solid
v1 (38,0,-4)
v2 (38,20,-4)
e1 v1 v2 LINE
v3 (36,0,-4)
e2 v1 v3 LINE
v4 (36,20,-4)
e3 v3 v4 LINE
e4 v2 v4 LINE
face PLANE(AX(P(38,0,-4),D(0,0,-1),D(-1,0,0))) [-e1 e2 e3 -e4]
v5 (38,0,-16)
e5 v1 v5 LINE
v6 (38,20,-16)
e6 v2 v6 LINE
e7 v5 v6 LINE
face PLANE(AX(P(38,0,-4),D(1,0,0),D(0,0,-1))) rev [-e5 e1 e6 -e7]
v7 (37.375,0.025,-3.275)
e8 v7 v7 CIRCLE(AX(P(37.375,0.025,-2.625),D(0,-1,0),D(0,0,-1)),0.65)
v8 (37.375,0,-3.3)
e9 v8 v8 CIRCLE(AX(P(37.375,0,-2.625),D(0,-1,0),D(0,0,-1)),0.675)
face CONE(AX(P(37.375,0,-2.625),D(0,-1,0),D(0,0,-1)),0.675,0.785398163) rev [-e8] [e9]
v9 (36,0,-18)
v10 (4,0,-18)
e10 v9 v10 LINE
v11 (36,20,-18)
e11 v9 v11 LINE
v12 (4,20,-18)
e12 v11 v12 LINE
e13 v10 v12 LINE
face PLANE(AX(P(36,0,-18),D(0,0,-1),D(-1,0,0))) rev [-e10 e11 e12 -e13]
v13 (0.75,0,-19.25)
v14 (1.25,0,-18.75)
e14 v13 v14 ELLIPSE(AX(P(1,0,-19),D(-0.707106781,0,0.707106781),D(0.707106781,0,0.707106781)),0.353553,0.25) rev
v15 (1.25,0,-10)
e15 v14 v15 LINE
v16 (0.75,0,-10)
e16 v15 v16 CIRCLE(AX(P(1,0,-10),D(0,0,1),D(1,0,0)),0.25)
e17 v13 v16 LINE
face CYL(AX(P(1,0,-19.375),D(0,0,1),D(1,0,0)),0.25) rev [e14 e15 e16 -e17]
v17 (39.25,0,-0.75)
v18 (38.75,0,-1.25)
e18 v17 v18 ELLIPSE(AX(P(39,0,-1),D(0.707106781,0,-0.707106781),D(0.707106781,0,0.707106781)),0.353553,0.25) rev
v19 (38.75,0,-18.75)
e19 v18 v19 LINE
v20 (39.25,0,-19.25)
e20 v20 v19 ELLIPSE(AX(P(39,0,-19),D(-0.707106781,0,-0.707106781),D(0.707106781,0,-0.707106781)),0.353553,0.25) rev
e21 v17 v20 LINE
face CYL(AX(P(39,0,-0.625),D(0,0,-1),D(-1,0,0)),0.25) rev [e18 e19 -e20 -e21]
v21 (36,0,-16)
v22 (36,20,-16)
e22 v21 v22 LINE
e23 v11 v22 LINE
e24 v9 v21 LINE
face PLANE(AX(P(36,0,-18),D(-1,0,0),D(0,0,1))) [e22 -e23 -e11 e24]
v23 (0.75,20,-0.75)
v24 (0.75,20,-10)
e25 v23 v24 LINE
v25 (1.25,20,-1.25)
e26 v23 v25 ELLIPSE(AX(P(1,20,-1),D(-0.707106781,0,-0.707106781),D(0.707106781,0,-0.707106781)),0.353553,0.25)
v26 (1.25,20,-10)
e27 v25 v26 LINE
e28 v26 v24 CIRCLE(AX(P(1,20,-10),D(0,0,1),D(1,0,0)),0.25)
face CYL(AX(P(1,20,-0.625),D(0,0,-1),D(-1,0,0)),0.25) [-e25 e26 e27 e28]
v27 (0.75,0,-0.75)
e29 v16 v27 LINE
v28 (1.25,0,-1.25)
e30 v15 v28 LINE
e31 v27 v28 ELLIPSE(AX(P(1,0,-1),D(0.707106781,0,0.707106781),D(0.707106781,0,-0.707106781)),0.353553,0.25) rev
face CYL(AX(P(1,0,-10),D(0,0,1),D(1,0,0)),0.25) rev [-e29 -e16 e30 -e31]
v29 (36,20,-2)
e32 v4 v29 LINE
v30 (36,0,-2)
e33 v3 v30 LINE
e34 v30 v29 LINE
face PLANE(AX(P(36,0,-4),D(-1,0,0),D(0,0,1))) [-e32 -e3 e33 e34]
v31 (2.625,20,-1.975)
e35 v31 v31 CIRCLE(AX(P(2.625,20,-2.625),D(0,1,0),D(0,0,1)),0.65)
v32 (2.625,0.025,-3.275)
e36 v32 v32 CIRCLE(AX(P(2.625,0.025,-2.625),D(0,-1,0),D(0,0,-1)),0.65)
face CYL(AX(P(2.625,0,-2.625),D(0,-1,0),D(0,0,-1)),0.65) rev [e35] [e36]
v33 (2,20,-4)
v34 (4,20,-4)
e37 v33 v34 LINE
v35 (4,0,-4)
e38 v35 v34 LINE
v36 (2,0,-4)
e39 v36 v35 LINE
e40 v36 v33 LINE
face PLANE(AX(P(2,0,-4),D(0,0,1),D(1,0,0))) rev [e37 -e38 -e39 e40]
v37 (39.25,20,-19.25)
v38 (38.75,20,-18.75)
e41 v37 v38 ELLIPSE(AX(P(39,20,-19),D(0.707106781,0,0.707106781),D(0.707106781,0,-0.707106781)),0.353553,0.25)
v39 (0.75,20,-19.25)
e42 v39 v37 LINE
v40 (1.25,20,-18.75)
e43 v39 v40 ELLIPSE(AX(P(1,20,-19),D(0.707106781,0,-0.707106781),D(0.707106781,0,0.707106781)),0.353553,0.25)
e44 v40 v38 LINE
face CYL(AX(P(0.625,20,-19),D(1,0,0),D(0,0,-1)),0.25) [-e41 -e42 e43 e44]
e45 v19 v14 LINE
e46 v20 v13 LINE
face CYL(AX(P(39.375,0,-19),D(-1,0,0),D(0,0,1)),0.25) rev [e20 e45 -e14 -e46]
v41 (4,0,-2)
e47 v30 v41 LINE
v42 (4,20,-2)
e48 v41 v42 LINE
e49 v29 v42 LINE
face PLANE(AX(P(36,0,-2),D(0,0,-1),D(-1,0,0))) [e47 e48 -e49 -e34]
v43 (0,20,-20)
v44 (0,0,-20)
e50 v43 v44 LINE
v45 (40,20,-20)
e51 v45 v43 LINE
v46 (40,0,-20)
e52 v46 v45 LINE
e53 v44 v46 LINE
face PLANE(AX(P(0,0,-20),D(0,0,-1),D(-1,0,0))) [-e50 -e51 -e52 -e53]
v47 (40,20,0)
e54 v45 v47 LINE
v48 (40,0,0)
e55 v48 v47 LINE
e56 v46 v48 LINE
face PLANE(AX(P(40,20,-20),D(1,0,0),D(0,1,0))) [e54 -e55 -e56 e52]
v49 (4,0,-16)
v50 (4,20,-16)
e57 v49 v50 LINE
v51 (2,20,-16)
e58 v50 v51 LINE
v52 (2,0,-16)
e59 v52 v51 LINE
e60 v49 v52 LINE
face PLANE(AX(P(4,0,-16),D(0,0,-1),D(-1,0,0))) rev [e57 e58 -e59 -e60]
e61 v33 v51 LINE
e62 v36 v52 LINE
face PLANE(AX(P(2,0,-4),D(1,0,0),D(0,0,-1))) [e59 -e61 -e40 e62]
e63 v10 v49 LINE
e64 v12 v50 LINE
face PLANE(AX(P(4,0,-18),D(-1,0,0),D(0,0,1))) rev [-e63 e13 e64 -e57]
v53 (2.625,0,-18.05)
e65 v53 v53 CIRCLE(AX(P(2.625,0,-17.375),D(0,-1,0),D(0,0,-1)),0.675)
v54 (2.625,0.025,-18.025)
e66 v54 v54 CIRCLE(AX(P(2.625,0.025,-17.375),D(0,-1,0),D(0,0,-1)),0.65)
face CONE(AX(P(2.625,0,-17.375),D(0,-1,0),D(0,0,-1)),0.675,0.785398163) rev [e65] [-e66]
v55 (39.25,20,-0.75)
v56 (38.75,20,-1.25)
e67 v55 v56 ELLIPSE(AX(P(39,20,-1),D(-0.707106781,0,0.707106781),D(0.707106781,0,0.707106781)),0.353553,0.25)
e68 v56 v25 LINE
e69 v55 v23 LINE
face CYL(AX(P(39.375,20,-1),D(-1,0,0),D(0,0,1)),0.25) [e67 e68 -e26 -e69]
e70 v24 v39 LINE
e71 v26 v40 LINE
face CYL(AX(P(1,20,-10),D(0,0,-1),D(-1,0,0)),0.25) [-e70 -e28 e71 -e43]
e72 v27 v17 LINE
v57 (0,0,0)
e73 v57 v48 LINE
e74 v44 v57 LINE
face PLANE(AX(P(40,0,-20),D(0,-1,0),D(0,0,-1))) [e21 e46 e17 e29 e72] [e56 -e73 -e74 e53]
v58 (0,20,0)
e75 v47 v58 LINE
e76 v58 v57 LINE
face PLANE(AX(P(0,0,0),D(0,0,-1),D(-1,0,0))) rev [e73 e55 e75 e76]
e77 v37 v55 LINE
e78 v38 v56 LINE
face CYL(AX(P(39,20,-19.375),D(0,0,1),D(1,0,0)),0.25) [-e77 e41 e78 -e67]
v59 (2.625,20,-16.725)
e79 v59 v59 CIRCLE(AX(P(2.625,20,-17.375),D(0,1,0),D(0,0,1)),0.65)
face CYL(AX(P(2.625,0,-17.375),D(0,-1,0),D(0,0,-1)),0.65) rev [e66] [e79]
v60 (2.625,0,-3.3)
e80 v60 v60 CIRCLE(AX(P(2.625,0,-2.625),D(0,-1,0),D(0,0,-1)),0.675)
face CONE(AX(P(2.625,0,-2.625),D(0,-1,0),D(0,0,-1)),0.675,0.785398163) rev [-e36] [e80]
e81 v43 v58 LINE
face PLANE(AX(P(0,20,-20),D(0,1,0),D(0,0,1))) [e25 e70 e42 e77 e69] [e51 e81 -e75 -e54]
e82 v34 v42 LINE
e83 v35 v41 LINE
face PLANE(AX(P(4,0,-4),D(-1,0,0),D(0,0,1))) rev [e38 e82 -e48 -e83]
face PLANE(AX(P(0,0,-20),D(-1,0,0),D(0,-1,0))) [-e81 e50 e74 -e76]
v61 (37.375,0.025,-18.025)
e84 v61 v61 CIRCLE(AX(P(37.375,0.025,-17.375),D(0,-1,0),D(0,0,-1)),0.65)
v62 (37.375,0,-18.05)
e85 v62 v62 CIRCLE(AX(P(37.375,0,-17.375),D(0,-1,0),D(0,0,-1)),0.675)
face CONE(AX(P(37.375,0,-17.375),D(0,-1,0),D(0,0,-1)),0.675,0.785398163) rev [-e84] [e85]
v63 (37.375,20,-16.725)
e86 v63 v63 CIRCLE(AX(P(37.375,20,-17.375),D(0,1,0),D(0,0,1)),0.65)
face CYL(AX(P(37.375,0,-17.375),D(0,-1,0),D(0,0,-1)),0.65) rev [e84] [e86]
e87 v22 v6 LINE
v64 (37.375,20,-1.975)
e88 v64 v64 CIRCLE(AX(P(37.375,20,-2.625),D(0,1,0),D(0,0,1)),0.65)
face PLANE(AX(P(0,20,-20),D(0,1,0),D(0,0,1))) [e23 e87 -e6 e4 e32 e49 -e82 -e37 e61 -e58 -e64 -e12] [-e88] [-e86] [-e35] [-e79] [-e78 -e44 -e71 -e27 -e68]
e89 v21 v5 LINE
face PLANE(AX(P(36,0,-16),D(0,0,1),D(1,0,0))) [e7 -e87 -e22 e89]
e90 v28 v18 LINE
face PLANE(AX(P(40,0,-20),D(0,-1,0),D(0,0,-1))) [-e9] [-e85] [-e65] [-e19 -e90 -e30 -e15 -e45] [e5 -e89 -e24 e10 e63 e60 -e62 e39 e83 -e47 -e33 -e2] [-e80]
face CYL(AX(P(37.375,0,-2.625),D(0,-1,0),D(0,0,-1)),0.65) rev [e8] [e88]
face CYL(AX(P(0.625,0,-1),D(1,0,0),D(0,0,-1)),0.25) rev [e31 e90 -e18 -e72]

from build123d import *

# Parameters (mm, degrees)
SCHIZZO1_W                     = 40
SCHIZZO1_H                     = 20
ESTRUSIONE_ESTRUSIONE1_DEPTH   = 20
TAGLIO_ESTRUSIONE1_DEPTH       = 20
FORO_PER_VITE_M1_1_D           = 1.3
FORO_PER_VITE_M1_1_CSINK_D     = 1.35
FORO_PER_VITE_M1_1_CSINK_ANGLE = 90
SPECCHIA2_COPY_1_D             = 1.3
SPECCHIA2_COPY_1_CSINK_D       = 1.35
SPECCHIA2_COPY_1_CSINK_ANGLE   = 90


with BuildPart() as part:
    # Schizzo1 → Estrusione-Estrusione1 (new body)
    with BuildSketch(Plane.XY):
        with Locations((20, 10)):
            Rectangle(SCHIZZO1_W, SCHIZZO1_H)
    extrude(amount=-ESTRUSIONE_ESTRUSIONE1_DEPTH)

    # Schizzo2 → Taglio-Estrusione1 (cut)
    with BuildSketch(Plane(origin=(0, 20, 0), x_dir=(1, 0, 0), z_dir=(0, 1, 0))):
        Polygon((4, 18), (4, 16), (2, 16), (2, 4), (4, 4), (4, 2), (36, 2), (36, 4), (38, 4), (38, 16), (36, 16), (36, 18), align=None)
    extrude(amount=-TAGLIO_ESTRUSIONE1_DEPTH, mode=Mode.SUBTRACT)

    # Sweep1: sweep along a path in Schizzo4
    with BuildLine(Plane(origin=(0, 20, 0), x_dir=(1, 0, 0), z_dir=(0, 1, 0))) as sweep1_path:
        Line((1, 19), (39, 19))
        Line((39, 19), (39, 1))
        Line((39, 1), (1, 1))
        Line((1, 1), (1, 19))
    # Schizzo3 → Sweep1 (sweep)
    with BuildSketch(Plane.XY.offset(-10)):
        with BuildLine():
            Line((0.75, 20), (1.25, 20))
            ThreePointArc((1.25, 20), (1, 20.25), (0.75, 20))
        make_face()
    sweep(path=sweep1_path.line, transition=Transition.RIGHT)

    # Taglia-Sweep1: sweep along a path in Schizzo5
    with BuildLine(Plane.XZ) as taglia_sweep1_path:
        Line((1, -19), (39, -19))
        Line((39, -19), (39, -1))
        Line((39, -1), (1, -1))
        Line((1, -1), (1, -19))
    # Schizzo6 → Taglia-Sweep1 (sweep, cut)
    with BuildSketch(Plane.XY.offset(-10)):
        with BuildLine():
            Line((0.75, 0), (1.25, 0))
            ThreePointArc((1.25, 0), (1, 0.25), (0.75, 0))
        make_face()
    sweep(path=taglia_sweep1_path.line, transition=Transition.RIGHT, mode=Mode.SUBTRACT)

    # Foro per Vite M1-1 (through all)
    with Locations(Plane(origin=(0, 0, 0), x_dir=(-1, 0, 0), z_dir=(0, -1, 0))):
        with Locations((-37.375, 17.375)):
            foro_per_vite_m1_1 = CounterSinkHole(FORO_PER_VITE_M1_1_D / 2, FORO_PER_VITE_M1_1_CSINK_D / 2, counter_sink_angle=FORO_PER_VITE_M1_1_CSINK_ANGLE)

    # Specchia1: Foro per Vite M1-1 across plane
    add(foro_per_vite_m1_1.mirror(Plane.XY.offset(-10)), mode=Mode.SUBTRACT)

    # Specchia2: Foro per Vite M1-1 across plane
    add(foro_per_vite_m1_1.mirror(Plane(origin=(20, 0, 0), x_dir=(0, 0, 1), z_dir=(1, 0, 0))), mode=Mode.SUBTRACT)

    # Specchia2 copy 1 (through all)
    with Locations(Plane(origin=(40, 0, -20), x_dir=(1, 0, 0), z_dir=(0, -1, 0))):
        with Locations((-37.375, 17.375)):
            CounterSinkHole(SPECCHIA2_COPY_1_D / 2, SPECCHIA2_COPY_1_CSINK_D / 2, counter_sink_angle=SPECCHIA2_COPY_1_CSINK_ANGLE)


solid = part.part
